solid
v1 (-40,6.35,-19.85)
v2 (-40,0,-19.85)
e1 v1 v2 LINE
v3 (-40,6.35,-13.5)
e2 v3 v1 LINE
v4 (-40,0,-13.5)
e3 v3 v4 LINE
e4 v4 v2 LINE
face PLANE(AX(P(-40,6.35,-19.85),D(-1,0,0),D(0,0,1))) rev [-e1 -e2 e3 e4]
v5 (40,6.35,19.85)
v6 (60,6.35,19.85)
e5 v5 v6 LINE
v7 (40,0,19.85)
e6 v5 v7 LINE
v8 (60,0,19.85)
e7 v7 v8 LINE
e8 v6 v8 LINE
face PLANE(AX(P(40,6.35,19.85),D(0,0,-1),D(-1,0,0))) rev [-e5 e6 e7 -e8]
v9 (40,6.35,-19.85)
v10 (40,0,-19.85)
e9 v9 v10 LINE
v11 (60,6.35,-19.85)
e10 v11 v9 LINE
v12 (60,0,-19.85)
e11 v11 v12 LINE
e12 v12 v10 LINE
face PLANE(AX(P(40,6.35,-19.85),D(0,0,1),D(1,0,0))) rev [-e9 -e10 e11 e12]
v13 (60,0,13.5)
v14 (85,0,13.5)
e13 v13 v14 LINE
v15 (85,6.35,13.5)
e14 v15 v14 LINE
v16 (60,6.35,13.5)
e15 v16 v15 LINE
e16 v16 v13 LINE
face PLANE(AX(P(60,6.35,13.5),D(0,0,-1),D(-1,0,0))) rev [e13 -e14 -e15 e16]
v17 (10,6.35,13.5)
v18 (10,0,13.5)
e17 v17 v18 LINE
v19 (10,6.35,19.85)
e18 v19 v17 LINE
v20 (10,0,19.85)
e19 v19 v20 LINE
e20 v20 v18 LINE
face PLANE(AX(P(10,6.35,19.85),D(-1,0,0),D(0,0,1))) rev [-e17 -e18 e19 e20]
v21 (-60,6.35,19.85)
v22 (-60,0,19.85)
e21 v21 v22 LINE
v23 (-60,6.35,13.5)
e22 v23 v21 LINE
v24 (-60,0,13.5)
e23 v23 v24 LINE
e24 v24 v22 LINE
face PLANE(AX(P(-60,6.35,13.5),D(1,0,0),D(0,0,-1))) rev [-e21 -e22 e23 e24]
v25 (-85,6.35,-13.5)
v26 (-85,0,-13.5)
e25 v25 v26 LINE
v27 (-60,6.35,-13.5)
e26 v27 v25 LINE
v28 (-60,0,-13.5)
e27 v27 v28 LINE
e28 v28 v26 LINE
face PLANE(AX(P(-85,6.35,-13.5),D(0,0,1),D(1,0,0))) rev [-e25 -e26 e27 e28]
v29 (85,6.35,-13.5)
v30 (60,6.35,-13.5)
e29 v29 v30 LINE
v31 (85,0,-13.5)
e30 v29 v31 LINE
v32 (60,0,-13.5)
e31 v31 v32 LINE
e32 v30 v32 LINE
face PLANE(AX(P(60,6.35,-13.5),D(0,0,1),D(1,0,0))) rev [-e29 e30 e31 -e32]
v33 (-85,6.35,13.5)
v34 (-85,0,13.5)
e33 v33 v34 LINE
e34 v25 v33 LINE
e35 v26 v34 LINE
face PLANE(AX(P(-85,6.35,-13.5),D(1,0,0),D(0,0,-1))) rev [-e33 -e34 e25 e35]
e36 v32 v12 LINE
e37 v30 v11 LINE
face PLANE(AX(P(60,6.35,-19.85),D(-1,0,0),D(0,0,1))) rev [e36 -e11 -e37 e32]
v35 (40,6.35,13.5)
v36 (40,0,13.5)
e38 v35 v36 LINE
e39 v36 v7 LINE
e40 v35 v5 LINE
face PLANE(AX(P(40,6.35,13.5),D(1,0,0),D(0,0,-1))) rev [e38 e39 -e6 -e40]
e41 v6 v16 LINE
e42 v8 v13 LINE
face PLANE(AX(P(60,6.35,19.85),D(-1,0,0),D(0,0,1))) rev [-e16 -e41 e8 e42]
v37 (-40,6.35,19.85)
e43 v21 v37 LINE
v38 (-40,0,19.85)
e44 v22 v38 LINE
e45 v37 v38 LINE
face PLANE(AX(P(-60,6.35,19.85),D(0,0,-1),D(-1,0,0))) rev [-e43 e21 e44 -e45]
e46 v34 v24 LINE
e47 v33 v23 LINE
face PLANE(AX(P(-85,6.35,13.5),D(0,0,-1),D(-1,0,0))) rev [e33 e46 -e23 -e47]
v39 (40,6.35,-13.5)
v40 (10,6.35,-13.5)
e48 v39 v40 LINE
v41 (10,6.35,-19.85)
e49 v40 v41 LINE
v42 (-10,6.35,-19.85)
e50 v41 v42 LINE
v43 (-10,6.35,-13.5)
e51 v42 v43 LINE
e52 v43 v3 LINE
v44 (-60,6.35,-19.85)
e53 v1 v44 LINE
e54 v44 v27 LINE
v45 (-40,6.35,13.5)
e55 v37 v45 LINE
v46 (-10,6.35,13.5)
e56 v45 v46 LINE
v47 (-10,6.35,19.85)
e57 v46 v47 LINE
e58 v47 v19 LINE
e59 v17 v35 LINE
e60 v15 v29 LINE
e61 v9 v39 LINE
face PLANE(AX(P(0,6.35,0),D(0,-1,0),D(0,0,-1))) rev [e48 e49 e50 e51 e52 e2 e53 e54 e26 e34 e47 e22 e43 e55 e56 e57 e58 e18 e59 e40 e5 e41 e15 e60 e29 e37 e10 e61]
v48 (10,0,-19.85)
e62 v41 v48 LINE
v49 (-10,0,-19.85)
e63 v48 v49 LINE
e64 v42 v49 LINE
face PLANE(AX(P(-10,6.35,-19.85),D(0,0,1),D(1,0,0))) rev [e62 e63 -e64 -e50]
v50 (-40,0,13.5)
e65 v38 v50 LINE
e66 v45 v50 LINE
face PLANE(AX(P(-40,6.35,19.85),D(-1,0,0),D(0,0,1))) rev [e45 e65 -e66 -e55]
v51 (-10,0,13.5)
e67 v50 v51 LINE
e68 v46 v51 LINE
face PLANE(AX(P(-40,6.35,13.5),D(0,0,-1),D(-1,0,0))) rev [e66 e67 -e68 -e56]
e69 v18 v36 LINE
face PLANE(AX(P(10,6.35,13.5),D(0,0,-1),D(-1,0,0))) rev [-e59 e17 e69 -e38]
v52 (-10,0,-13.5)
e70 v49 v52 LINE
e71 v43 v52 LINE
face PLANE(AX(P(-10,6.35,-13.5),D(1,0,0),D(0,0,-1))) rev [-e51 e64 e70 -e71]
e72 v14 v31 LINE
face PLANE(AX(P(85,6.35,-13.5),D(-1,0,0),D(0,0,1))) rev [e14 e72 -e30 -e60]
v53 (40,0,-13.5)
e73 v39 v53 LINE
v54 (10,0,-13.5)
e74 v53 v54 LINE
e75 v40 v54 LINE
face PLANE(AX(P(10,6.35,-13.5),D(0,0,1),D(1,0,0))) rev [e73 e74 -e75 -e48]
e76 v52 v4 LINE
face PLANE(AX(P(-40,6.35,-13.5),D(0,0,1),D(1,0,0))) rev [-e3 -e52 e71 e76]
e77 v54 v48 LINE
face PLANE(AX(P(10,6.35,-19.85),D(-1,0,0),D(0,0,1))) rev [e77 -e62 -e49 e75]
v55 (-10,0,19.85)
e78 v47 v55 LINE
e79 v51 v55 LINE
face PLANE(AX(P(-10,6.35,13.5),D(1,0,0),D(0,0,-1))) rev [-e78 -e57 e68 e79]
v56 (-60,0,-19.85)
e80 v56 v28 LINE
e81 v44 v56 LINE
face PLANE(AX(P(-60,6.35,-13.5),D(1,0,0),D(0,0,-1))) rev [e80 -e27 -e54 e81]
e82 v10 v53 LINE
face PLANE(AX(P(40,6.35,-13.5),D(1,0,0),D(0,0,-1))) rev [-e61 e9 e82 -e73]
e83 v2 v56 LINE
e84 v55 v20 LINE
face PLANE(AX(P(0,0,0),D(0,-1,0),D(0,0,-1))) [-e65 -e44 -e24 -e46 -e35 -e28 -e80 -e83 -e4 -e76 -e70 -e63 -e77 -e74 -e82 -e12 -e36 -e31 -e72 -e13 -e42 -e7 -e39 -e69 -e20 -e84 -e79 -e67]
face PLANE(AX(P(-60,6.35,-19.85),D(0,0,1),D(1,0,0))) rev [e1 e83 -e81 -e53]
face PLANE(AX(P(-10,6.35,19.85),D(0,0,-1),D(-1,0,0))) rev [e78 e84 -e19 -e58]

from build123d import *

# Parameters (mm, degrees)
BOSS_EXTRUDE1_DEPTH = 6.35


with BuildPart() as part:
    # Sketch1 → Boss-Extrude1 (new body)
    with BuildSketch(Plane(origin=(0, 0, 0), x_dir=(1, 0, 0), z_dir=(0, 1, 0))):
        Polygon((-85, 13.5), (-60, 13.5), (-60, 19.85), (-40, 19.85), (-40, 13.5), (-10, 13.5), (-10, 19.85), (10, 19.85), (10, 13.5), (40, 13.5), (40, 19.85), (60, 19.85), (60, 13.5), (85, 13.5), (85, -13.5), (60, -13.5), (60, -19.85), (40, -19.85), (40, -13.5), (10, -13.5), (10, -19.85), (-10, -19.85), (-10, -13.5), (-40, -13.5), (-40, -19.85), (-60, -19.85), (-60, -13.5), (-85, -13.5), align=None)
    extrude(amount=BOSS_EXTRUDE1_DEPTH)


solid = part.part
